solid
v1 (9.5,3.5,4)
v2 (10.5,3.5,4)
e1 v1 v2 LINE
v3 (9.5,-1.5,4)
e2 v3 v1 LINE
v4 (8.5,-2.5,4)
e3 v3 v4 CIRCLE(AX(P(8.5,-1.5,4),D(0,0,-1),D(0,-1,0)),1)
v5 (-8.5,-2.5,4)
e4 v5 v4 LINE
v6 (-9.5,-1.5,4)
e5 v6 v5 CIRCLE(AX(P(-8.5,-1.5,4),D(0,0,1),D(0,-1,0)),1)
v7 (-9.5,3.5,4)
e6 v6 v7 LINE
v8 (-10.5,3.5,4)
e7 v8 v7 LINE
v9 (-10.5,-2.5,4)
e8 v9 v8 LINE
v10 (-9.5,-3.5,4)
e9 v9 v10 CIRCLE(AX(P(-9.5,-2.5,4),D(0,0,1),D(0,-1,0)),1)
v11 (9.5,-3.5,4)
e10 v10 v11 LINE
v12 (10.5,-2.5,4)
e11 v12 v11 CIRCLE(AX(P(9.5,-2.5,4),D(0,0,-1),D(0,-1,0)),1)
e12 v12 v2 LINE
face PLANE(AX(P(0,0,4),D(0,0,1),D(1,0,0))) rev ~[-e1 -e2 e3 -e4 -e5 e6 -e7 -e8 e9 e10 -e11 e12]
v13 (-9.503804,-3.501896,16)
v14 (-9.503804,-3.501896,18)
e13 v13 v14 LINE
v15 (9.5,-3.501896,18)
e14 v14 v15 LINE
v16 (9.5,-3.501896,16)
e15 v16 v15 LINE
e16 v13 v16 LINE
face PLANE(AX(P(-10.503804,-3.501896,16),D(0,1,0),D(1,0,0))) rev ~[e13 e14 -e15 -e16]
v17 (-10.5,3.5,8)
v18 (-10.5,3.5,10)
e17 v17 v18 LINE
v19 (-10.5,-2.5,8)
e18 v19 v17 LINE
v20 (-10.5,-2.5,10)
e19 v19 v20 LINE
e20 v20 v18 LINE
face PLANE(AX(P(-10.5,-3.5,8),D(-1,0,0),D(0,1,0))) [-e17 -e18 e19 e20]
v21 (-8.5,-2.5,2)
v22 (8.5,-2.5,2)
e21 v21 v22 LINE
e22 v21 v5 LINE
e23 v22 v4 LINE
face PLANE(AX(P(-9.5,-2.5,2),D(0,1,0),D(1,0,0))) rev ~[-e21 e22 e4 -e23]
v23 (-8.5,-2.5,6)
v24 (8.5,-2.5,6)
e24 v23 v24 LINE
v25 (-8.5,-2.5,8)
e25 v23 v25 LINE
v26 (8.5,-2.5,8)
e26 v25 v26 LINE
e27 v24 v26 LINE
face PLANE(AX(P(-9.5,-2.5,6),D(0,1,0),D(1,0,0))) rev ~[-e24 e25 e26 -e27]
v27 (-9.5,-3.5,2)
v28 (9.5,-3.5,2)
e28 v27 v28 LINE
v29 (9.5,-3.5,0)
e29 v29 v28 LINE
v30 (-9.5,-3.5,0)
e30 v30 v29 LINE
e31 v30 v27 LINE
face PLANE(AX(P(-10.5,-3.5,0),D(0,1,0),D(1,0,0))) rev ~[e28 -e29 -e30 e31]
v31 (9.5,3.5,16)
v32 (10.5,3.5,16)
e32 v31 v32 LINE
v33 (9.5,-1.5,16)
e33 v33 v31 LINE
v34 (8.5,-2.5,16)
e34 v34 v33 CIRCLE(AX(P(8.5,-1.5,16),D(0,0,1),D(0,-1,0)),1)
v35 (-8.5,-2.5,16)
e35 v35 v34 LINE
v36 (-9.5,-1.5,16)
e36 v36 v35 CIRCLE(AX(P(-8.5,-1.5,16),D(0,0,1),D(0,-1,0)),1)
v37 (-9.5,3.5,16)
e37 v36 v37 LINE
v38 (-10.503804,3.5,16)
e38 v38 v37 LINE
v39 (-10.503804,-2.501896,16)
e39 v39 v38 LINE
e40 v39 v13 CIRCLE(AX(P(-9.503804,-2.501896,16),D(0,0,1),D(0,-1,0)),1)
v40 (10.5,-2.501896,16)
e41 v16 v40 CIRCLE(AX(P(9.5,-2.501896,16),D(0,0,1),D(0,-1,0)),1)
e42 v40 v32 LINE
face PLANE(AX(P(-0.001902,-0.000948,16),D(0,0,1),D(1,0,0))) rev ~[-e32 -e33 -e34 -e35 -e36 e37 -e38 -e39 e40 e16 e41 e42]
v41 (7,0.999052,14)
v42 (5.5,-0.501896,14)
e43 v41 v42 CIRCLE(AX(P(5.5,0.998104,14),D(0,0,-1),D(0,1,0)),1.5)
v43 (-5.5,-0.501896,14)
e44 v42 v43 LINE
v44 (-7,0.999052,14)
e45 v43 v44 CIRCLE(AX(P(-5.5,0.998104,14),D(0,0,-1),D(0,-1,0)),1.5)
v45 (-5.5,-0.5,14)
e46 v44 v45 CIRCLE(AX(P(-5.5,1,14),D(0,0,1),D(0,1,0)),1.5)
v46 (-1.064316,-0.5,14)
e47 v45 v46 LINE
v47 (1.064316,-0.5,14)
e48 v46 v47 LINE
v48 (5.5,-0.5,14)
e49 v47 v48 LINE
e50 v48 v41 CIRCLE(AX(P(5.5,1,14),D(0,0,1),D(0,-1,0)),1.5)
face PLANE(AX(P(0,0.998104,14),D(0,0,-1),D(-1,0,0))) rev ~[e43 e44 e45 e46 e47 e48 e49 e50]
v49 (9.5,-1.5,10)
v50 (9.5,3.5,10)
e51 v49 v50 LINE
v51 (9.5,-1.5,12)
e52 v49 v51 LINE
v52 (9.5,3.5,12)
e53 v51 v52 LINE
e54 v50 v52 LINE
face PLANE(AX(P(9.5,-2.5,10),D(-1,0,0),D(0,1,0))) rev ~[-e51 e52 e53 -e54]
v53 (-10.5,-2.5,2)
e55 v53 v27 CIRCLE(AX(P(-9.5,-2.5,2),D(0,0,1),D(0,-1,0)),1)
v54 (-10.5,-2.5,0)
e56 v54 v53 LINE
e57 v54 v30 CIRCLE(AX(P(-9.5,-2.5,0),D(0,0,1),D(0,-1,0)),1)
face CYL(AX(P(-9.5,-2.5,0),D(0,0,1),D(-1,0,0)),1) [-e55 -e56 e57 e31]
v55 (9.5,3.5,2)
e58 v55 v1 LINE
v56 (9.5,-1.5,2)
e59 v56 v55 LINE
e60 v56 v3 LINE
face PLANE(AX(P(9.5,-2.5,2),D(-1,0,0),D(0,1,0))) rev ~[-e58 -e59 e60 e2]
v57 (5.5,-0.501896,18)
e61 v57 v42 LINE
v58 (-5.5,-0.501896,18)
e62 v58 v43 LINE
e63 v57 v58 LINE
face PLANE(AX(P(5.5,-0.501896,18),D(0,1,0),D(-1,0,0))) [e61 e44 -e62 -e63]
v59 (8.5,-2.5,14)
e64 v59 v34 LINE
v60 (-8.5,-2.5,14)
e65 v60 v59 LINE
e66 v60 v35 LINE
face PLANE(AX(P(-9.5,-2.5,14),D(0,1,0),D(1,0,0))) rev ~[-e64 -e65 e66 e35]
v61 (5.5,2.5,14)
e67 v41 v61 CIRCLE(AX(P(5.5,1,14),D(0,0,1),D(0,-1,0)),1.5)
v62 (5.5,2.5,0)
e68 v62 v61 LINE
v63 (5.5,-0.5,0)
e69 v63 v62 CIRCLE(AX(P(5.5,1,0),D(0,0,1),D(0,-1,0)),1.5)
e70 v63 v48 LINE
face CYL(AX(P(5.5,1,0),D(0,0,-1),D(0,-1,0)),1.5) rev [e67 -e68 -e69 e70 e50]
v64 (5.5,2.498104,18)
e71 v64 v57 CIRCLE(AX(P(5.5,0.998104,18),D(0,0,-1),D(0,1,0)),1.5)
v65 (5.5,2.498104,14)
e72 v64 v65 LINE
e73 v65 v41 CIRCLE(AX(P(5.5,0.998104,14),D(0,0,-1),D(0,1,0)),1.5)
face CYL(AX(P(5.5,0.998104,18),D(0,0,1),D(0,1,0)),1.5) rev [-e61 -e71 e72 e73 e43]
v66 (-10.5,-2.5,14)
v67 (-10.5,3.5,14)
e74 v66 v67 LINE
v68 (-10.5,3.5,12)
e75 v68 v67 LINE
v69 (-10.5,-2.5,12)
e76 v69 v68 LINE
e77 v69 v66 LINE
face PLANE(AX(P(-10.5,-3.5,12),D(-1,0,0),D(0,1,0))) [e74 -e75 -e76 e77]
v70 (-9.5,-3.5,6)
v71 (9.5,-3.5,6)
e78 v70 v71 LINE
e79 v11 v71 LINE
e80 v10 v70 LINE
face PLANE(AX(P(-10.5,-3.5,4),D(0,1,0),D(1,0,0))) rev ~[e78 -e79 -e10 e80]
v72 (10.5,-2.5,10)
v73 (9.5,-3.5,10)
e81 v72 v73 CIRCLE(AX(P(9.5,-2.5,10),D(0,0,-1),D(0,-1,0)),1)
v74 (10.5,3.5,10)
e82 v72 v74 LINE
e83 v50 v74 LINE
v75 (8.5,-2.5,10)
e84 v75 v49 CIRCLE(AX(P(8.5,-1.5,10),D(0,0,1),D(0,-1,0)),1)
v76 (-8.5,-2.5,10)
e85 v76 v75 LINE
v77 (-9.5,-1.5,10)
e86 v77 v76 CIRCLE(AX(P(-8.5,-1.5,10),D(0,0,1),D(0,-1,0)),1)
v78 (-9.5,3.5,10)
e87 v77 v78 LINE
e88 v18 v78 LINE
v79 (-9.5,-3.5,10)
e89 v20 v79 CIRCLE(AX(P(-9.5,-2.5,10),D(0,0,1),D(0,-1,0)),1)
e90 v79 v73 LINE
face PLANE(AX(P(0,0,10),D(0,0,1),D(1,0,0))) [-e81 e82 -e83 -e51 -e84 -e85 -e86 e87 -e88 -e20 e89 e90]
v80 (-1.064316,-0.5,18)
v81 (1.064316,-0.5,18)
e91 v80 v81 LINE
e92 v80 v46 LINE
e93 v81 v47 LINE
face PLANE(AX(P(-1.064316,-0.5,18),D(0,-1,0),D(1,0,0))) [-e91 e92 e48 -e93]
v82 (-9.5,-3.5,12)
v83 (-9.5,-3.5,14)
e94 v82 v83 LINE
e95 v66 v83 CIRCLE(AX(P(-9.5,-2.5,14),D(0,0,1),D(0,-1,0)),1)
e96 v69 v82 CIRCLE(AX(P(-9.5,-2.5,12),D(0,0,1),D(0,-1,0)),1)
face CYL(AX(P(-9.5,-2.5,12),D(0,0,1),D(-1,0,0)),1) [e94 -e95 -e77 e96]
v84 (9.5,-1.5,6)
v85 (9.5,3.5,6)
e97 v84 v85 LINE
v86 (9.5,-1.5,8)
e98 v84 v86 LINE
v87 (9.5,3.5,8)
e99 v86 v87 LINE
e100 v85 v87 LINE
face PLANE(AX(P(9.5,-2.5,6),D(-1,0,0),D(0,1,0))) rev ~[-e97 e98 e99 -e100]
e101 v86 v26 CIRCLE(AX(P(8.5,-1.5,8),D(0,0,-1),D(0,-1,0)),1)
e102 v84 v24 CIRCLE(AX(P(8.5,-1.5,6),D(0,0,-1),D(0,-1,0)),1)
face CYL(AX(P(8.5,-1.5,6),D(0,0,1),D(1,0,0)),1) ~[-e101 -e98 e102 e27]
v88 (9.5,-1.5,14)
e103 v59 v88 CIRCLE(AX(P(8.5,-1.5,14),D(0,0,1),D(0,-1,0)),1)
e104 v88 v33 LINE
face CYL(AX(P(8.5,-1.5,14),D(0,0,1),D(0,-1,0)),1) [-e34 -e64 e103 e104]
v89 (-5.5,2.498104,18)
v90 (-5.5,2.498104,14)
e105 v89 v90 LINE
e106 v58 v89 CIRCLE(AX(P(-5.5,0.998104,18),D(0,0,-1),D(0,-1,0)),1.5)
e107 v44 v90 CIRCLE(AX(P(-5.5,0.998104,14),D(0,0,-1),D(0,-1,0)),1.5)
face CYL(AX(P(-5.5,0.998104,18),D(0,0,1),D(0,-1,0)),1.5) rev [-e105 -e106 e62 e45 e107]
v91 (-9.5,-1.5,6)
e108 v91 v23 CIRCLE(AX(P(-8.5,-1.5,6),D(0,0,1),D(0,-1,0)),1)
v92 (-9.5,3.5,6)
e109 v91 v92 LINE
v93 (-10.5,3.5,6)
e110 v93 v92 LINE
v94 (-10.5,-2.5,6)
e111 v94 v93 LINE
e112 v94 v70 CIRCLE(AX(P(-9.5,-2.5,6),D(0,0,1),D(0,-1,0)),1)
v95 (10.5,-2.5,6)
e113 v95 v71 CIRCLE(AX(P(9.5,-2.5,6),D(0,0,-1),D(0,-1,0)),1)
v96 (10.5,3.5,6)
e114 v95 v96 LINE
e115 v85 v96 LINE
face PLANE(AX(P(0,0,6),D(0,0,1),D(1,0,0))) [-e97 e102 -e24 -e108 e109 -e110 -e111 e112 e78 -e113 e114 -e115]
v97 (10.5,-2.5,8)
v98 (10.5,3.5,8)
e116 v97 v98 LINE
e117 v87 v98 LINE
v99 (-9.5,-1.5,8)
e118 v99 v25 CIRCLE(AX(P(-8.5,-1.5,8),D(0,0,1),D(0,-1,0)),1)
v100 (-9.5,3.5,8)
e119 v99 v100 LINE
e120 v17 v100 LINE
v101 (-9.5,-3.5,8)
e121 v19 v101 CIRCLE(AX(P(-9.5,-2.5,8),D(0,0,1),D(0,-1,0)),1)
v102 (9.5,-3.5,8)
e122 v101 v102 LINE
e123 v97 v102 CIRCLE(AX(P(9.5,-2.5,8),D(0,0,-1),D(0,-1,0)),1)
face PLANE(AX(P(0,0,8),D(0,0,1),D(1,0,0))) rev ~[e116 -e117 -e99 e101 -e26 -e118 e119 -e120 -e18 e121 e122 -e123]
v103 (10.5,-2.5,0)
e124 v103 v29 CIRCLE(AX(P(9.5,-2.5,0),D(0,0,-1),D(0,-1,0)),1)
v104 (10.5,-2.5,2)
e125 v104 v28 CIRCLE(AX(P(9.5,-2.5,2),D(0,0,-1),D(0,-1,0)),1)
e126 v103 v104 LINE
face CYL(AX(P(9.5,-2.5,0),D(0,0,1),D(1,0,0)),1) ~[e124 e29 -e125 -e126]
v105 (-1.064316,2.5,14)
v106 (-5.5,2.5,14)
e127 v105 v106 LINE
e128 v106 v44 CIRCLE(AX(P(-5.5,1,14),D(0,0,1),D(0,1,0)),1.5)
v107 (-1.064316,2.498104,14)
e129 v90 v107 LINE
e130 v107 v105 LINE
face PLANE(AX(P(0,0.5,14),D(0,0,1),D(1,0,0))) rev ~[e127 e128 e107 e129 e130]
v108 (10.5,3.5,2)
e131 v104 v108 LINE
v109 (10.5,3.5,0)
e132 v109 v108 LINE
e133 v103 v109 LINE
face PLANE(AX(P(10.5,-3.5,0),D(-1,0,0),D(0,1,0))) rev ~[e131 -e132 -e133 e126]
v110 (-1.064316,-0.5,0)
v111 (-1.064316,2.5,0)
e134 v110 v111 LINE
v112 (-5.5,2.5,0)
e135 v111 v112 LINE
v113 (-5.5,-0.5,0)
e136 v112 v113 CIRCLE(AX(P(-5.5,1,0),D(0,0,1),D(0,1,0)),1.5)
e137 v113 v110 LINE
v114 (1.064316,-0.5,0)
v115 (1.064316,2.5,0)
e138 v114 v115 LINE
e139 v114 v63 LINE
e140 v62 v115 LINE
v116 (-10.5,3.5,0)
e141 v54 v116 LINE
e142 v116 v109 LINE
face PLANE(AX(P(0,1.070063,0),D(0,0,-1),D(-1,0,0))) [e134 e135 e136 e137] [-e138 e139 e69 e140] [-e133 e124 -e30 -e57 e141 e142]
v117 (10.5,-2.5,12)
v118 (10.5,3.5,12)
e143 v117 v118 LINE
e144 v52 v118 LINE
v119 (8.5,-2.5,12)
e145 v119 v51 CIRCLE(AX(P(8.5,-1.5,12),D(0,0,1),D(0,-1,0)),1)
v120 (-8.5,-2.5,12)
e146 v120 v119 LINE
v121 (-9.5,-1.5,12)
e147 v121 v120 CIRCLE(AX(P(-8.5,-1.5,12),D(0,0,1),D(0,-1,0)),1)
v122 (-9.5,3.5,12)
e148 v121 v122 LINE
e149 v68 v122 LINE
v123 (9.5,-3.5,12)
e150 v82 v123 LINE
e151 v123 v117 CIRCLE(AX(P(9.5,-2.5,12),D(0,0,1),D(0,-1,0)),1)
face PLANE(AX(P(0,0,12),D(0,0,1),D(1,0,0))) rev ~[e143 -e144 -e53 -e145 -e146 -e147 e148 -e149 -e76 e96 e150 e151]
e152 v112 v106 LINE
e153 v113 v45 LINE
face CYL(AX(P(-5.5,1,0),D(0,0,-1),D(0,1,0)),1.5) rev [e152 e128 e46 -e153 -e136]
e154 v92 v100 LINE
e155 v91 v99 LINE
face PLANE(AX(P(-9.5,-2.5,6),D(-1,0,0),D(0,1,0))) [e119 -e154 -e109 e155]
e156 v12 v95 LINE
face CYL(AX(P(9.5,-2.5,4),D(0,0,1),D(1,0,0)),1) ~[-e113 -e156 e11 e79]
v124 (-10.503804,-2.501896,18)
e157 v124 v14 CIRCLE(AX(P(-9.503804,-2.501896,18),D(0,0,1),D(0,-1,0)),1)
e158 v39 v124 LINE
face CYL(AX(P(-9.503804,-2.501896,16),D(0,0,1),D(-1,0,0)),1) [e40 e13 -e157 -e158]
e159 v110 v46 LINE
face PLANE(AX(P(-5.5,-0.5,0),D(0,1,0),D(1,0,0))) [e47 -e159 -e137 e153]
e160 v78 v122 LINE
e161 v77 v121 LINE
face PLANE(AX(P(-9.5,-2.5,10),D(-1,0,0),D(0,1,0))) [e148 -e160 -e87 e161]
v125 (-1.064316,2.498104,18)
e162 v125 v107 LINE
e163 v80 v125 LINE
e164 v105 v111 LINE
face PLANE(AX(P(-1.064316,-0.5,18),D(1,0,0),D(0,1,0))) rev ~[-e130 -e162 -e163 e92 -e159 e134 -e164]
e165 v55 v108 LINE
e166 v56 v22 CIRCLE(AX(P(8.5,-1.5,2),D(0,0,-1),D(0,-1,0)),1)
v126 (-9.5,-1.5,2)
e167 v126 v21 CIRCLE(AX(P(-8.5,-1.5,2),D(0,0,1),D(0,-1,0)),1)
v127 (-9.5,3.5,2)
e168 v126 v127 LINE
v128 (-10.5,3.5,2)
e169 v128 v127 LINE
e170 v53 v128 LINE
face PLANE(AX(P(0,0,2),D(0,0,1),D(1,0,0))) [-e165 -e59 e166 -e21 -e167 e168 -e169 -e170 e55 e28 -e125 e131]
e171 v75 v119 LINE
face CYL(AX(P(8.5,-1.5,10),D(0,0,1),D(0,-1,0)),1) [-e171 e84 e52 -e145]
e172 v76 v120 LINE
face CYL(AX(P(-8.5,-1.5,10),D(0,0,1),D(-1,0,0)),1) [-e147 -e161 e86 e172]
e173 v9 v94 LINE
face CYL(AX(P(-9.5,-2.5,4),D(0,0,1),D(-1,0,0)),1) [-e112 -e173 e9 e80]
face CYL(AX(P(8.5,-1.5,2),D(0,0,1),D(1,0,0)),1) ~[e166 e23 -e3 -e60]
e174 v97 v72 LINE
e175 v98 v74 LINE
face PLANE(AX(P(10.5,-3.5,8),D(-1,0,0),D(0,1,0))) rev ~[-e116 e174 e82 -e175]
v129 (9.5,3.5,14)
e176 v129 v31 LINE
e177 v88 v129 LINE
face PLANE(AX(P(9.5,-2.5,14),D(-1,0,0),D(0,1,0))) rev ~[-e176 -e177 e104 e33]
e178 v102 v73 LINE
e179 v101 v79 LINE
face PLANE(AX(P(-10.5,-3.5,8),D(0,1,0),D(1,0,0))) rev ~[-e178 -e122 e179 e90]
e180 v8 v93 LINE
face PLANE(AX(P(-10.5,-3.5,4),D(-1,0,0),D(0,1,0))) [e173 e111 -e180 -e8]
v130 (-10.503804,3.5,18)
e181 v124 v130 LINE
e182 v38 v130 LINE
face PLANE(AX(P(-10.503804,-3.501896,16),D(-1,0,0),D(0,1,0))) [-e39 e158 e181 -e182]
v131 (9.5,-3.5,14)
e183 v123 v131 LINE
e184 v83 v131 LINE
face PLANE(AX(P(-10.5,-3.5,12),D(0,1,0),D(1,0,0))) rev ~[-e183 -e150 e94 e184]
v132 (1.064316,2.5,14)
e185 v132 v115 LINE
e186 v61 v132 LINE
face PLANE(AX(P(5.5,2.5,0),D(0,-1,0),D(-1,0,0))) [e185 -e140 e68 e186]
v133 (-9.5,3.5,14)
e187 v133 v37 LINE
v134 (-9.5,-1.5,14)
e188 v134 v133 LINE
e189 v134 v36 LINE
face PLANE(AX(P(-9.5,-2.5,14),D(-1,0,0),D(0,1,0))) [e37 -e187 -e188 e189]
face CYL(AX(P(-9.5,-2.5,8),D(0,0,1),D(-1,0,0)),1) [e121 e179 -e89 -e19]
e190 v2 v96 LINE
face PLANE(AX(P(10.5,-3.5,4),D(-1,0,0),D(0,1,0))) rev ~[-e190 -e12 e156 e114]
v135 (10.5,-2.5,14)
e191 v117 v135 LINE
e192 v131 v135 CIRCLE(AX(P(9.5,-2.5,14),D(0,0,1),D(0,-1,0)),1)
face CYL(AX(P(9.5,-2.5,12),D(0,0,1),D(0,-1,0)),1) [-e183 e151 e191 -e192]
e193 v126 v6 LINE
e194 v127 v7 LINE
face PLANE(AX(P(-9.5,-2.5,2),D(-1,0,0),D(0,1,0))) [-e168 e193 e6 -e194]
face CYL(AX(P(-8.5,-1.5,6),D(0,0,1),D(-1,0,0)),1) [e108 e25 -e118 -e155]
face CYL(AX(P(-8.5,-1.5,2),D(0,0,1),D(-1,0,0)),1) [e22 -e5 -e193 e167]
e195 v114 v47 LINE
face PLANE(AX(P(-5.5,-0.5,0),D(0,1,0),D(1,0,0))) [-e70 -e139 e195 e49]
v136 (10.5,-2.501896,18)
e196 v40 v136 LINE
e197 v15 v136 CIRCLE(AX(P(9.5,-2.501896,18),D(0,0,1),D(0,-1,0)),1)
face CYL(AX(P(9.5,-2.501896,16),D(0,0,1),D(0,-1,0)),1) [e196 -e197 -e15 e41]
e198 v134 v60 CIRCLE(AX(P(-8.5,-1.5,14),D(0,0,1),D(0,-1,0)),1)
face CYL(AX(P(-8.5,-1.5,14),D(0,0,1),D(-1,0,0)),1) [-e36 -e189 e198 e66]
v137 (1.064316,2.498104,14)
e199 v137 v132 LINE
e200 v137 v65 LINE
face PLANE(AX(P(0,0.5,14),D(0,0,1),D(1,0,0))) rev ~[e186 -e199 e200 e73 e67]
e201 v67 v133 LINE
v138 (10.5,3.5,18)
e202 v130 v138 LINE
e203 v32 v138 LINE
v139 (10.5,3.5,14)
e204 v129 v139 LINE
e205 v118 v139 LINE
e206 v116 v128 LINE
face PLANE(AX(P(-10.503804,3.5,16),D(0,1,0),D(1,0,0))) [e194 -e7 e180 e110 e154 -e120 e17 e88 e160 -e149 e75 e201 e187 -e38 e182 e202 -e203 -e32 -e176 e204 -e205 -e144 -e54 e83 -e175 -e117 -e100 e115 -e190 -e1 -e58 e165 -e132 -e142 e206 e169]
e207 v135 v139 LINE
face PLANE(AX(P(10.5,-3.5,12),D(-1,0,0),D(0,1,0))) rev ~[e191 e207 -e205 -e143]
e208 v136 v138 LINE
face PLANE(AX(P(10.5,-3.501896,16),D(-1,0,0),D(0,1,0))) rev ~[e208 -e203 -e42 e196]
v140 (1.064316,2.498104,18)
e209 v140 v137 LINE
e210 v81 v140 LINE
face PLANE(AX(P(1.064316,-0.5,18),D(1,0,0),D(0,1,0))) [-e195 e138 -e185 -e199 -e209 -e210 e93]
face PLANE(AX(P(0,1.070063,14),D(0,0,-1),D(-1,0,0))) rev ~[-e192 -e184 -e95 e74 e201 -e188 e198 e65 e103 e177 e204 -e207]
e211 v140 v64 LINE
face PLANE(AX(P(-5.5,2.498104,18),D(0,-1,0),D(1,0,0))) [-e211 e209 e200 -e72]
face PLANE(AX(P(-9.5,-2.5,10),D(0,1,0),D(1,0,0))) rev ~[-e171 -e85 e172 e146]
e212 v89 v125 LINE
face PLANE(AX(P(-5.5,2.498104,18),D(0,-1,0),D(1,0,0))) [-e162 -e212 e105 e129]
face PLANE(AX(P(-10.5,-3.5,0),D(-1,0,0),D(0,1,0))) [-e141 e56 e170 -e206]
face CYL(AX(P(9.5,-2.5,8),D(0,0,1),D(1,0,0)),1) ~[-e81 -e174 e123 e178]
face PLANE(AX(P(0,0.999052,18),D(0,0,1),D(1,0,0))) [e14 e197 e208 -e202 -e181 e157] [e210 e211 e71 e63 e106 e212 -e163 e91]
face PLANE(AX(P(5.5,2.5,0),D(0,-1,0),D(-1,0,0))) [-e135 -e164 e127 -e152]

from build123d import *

# Parameters (mm, degrees)
SKETCH2_W            = 21
SKETCH2_H            = 7
BOSS_EXTRUDE1_DEPTH  = 2
SKETCH3_W            = 19
SKETCH3_H            = 6
BOSS_EXTRUDE2_DEPTH  = 2
SKETCH4_W            = 21
SKETCH4_H            = 7
BOSS_EXTRUDE3_DEPTH  = 2
SKETCH5_W            = 19
SKETCH5_H            = 6
BOSS_EXTRUDE4_DEPTH  = 2
SKETCH6_W            = 21
SKETCH6_H            = 7
BOSS_EXTRUDE5_DEPTH  = 2
SKETCH7_W            = 19
SKETCH7_H            = 6
BOSS_EXTRUDE6_DEPTH  = 2
SKETCH8_W            = 21
SKETCH8_H            = 7
BOSS_EXTRUDE7_DEPTH  = 2
FILLET1_R            = 1
CUT_EXTRUDE2_DEPTH   = 14
SKETCH13_W           = 2.12863245
SKETCH13_H           = 3.140125133
BOSS_EXTRUDE9_DEPTH  = 14
SKETCH14_W           = 19
SKETCH14_H           = 6
BOSS_EXTRUDE10_DEPTH = 2
SKETCH15_W           = 21.003804152
SKETCH15_H           = 7.001896417
BOSS_EXTRUDE11_DEPTH = 2
FILLET2_R            = 1
CUT_EXTRUDE4_DEPTH   = 4
SKETCH17_W           = 2.12863245
SKETCH17_H           = 2.998103583
BOSS_EXTRUDE12_DEPTH = 4


with BuildPart() as part:
    # Sketch2 → Boss-Extrude1 (new body)
    with BuildSketch(Plane.XY):
        Rectangle(SKETCH2_W, SKETCH2_H)
    extrude(amount=BOSS_EXTRUDE1_DEPTH)

    # Sketch3 → Boss-Extrude2 (add)
    with BuildSketch(Plane.XY.offset(2)):
        with Locations((0, 0.5)):
            Rectangle(SKETCH3_W, SKETCH3_H)
    extrude(amount=BOSS_EXTRUDE2_DEPTH)

    # Sketch4 → Boss-Extrude3 (add)
    with BuildSketch(Plane.XY.offset(4)):
        Rectangle(SKETCH4_W, SKETCH4_H)
    extrude(amount=BOSS_EXTRUDE3_DEPTH)

    # Sketch5 → Boss-Extrude4 (add)
    with BuildSketch(Plane.XY.offset(6)):
        with Locations((0, 0.5)):
            Rectangle(SKETCH5_W, SKETCH5_H)
    extrude(amount=BOSS_EXTRUDE4_DEPTH)

    # Sketch6 → Boss-Extrude5 (add)
    with BuildSketch(Plane.XY.offset(8)):
        Rectangle(SKETCH6_W, SKETCH6_H)
    extrude(amount=BOSS_EXTRUDE5_DEPTH)

    # Sketch7 → Boss-Extrude6 (add)
    with BuildSketch(Plane.XY.offset(10)):
        with Locations((0, 0.5)):
            Rectangle(SKETCH7_W, SKETCH7_H)
    extrude(amount=BOSS_EXTRUDE6_DEPTH)

    # Sketch8 → Boss-Extrude7 (add)
    with BuildSketch(Plane.XY.offset(12)):
        Rectangle(SKETCH8_W, SKETCH8_H)
    extrude(amount=BOSS_EXTRUDE7_DEPTH)

    # Fillet1
    fillet1_edges = [part.edges().sort_by_distance(p)[0] for p in [
        (-9.5, -2.5, 3),
        (9.5, -2.5, 3),
        (-10.5, -3.5, 5),
        (10.5, -3.5, 5),
        (-9.5, -2.5, 7),
        (9.5, -2.5, 7),
        (10.5, -3.5, 9),
        (-10.5, -3.5, 9),
        (-9.5, -2.5, 11),
        (9.5, -2.5, 11),
        (10.5, -3.5, 1),
        (-10.5, -3.5, 13),
        (10.5, -3.5, 13),
        (-10.5, -3.5, 1),
    ]]
    fillet(fillet1_edges, radius=FILLET1_R)

    # Sketch12 → Cut-Extrude2 (cut)
    with BuildSketch(Plane(origin=(0, 0, 0), x_dir=(-1, 0, 0), z_dir=(0, 0, -1))):
        with BuildLine():
            Line((-5.5, 2.5), (5.5, 2.5))
            ThreePointArc((5.5, 2.5), (7, 1), (5.5, -0.5))
            Line((5.5, -0.5), (-5.5, -0.5))
            ThreePointArc((-5.5, -0.5), (-7, 1), (-5.5, 2.5))
        make_face()
    extrude(amount=-CUT_EXTRUDE2_DEPTH, mode=Mode.SUBTRACT)

    # Sketch13 → Boss-Extrude9 (add)
    with BuildSketch(Plane(origin=(0, 0, 0), x_dir=(-1, 0, 0), z_dir=(0, 0, -1))):
        with Locations((0, 1.070062567)):
            Rectangle(SKETCH13_W, SKETCH13_H)
    extrude(amount=-BOSS_EXTRUDE9_DEPTH)

    # Sketch14 → Boss-Extrude10 (add)
    with BuildSketch(Plane.XY.offset(14)):
        with Locations((0, 0.5)):
            Rectangle(SKETCH14_W, SKETCH14_H)
    extrude(amount=BOSS_EXTRUDE10_DEPTH)

    # Sketch15 → Boss-Extrude11 (add)
    with BuildSketch(Plane.XY.offset(16)):
        with Locations((-0.001902076, -0.000948209)):
            Rectangle(SKETCH15_W, SKETCH15_H)
    extrude(amount=BOSS_EXTRUDE11_DEPTH)

    # Fillet2
    fillet2_edges = [part.edges().sort_by_distance(p)[0] for p in [
        (9.5, -2.5, 15),
        (-9.5, -2.5, 15),
        (10.5, -3.501896417, 17),
        (-10.503804152, -3.501896417, 17),
    ]]
    fillet(fillet2_edges, radius=FILLET2_R)

    # Sketch16 → Cut-Extrude4 (cut)
    with BuildSketch(Plane.XY.offset(18)):
        with BuildLine():
            Line((5.5, -0.501896417), (-5.5, -0.501896417))
            ThreePointArc((-5.5, -0.501896417), (-7, 0.998103583), (-5.5, 2.498103583))
            Line((-5.5, 2.498103583), (5.5, 2.498103583))
            ThreePointArc((5.5, 2.498103583), (7, 0.998103583), (5.5, -0.501896417))
        make_face()
    extrude(amount=-CUT_EXTRUDE4_DEPTH, mode=Mode.SUBTRACT)

    # Sketch17 → Boss-Extrude12 (add)
    with BuildSketch(Plane.XY.offset(18)):
        with Locations((0, 0.999051792)):
            Rectangle(SKETCH17_W, SKETCH17_H)
    extrude(amount=-BOSS_EXTRUDE12_DEPTH)


solid = part.part
